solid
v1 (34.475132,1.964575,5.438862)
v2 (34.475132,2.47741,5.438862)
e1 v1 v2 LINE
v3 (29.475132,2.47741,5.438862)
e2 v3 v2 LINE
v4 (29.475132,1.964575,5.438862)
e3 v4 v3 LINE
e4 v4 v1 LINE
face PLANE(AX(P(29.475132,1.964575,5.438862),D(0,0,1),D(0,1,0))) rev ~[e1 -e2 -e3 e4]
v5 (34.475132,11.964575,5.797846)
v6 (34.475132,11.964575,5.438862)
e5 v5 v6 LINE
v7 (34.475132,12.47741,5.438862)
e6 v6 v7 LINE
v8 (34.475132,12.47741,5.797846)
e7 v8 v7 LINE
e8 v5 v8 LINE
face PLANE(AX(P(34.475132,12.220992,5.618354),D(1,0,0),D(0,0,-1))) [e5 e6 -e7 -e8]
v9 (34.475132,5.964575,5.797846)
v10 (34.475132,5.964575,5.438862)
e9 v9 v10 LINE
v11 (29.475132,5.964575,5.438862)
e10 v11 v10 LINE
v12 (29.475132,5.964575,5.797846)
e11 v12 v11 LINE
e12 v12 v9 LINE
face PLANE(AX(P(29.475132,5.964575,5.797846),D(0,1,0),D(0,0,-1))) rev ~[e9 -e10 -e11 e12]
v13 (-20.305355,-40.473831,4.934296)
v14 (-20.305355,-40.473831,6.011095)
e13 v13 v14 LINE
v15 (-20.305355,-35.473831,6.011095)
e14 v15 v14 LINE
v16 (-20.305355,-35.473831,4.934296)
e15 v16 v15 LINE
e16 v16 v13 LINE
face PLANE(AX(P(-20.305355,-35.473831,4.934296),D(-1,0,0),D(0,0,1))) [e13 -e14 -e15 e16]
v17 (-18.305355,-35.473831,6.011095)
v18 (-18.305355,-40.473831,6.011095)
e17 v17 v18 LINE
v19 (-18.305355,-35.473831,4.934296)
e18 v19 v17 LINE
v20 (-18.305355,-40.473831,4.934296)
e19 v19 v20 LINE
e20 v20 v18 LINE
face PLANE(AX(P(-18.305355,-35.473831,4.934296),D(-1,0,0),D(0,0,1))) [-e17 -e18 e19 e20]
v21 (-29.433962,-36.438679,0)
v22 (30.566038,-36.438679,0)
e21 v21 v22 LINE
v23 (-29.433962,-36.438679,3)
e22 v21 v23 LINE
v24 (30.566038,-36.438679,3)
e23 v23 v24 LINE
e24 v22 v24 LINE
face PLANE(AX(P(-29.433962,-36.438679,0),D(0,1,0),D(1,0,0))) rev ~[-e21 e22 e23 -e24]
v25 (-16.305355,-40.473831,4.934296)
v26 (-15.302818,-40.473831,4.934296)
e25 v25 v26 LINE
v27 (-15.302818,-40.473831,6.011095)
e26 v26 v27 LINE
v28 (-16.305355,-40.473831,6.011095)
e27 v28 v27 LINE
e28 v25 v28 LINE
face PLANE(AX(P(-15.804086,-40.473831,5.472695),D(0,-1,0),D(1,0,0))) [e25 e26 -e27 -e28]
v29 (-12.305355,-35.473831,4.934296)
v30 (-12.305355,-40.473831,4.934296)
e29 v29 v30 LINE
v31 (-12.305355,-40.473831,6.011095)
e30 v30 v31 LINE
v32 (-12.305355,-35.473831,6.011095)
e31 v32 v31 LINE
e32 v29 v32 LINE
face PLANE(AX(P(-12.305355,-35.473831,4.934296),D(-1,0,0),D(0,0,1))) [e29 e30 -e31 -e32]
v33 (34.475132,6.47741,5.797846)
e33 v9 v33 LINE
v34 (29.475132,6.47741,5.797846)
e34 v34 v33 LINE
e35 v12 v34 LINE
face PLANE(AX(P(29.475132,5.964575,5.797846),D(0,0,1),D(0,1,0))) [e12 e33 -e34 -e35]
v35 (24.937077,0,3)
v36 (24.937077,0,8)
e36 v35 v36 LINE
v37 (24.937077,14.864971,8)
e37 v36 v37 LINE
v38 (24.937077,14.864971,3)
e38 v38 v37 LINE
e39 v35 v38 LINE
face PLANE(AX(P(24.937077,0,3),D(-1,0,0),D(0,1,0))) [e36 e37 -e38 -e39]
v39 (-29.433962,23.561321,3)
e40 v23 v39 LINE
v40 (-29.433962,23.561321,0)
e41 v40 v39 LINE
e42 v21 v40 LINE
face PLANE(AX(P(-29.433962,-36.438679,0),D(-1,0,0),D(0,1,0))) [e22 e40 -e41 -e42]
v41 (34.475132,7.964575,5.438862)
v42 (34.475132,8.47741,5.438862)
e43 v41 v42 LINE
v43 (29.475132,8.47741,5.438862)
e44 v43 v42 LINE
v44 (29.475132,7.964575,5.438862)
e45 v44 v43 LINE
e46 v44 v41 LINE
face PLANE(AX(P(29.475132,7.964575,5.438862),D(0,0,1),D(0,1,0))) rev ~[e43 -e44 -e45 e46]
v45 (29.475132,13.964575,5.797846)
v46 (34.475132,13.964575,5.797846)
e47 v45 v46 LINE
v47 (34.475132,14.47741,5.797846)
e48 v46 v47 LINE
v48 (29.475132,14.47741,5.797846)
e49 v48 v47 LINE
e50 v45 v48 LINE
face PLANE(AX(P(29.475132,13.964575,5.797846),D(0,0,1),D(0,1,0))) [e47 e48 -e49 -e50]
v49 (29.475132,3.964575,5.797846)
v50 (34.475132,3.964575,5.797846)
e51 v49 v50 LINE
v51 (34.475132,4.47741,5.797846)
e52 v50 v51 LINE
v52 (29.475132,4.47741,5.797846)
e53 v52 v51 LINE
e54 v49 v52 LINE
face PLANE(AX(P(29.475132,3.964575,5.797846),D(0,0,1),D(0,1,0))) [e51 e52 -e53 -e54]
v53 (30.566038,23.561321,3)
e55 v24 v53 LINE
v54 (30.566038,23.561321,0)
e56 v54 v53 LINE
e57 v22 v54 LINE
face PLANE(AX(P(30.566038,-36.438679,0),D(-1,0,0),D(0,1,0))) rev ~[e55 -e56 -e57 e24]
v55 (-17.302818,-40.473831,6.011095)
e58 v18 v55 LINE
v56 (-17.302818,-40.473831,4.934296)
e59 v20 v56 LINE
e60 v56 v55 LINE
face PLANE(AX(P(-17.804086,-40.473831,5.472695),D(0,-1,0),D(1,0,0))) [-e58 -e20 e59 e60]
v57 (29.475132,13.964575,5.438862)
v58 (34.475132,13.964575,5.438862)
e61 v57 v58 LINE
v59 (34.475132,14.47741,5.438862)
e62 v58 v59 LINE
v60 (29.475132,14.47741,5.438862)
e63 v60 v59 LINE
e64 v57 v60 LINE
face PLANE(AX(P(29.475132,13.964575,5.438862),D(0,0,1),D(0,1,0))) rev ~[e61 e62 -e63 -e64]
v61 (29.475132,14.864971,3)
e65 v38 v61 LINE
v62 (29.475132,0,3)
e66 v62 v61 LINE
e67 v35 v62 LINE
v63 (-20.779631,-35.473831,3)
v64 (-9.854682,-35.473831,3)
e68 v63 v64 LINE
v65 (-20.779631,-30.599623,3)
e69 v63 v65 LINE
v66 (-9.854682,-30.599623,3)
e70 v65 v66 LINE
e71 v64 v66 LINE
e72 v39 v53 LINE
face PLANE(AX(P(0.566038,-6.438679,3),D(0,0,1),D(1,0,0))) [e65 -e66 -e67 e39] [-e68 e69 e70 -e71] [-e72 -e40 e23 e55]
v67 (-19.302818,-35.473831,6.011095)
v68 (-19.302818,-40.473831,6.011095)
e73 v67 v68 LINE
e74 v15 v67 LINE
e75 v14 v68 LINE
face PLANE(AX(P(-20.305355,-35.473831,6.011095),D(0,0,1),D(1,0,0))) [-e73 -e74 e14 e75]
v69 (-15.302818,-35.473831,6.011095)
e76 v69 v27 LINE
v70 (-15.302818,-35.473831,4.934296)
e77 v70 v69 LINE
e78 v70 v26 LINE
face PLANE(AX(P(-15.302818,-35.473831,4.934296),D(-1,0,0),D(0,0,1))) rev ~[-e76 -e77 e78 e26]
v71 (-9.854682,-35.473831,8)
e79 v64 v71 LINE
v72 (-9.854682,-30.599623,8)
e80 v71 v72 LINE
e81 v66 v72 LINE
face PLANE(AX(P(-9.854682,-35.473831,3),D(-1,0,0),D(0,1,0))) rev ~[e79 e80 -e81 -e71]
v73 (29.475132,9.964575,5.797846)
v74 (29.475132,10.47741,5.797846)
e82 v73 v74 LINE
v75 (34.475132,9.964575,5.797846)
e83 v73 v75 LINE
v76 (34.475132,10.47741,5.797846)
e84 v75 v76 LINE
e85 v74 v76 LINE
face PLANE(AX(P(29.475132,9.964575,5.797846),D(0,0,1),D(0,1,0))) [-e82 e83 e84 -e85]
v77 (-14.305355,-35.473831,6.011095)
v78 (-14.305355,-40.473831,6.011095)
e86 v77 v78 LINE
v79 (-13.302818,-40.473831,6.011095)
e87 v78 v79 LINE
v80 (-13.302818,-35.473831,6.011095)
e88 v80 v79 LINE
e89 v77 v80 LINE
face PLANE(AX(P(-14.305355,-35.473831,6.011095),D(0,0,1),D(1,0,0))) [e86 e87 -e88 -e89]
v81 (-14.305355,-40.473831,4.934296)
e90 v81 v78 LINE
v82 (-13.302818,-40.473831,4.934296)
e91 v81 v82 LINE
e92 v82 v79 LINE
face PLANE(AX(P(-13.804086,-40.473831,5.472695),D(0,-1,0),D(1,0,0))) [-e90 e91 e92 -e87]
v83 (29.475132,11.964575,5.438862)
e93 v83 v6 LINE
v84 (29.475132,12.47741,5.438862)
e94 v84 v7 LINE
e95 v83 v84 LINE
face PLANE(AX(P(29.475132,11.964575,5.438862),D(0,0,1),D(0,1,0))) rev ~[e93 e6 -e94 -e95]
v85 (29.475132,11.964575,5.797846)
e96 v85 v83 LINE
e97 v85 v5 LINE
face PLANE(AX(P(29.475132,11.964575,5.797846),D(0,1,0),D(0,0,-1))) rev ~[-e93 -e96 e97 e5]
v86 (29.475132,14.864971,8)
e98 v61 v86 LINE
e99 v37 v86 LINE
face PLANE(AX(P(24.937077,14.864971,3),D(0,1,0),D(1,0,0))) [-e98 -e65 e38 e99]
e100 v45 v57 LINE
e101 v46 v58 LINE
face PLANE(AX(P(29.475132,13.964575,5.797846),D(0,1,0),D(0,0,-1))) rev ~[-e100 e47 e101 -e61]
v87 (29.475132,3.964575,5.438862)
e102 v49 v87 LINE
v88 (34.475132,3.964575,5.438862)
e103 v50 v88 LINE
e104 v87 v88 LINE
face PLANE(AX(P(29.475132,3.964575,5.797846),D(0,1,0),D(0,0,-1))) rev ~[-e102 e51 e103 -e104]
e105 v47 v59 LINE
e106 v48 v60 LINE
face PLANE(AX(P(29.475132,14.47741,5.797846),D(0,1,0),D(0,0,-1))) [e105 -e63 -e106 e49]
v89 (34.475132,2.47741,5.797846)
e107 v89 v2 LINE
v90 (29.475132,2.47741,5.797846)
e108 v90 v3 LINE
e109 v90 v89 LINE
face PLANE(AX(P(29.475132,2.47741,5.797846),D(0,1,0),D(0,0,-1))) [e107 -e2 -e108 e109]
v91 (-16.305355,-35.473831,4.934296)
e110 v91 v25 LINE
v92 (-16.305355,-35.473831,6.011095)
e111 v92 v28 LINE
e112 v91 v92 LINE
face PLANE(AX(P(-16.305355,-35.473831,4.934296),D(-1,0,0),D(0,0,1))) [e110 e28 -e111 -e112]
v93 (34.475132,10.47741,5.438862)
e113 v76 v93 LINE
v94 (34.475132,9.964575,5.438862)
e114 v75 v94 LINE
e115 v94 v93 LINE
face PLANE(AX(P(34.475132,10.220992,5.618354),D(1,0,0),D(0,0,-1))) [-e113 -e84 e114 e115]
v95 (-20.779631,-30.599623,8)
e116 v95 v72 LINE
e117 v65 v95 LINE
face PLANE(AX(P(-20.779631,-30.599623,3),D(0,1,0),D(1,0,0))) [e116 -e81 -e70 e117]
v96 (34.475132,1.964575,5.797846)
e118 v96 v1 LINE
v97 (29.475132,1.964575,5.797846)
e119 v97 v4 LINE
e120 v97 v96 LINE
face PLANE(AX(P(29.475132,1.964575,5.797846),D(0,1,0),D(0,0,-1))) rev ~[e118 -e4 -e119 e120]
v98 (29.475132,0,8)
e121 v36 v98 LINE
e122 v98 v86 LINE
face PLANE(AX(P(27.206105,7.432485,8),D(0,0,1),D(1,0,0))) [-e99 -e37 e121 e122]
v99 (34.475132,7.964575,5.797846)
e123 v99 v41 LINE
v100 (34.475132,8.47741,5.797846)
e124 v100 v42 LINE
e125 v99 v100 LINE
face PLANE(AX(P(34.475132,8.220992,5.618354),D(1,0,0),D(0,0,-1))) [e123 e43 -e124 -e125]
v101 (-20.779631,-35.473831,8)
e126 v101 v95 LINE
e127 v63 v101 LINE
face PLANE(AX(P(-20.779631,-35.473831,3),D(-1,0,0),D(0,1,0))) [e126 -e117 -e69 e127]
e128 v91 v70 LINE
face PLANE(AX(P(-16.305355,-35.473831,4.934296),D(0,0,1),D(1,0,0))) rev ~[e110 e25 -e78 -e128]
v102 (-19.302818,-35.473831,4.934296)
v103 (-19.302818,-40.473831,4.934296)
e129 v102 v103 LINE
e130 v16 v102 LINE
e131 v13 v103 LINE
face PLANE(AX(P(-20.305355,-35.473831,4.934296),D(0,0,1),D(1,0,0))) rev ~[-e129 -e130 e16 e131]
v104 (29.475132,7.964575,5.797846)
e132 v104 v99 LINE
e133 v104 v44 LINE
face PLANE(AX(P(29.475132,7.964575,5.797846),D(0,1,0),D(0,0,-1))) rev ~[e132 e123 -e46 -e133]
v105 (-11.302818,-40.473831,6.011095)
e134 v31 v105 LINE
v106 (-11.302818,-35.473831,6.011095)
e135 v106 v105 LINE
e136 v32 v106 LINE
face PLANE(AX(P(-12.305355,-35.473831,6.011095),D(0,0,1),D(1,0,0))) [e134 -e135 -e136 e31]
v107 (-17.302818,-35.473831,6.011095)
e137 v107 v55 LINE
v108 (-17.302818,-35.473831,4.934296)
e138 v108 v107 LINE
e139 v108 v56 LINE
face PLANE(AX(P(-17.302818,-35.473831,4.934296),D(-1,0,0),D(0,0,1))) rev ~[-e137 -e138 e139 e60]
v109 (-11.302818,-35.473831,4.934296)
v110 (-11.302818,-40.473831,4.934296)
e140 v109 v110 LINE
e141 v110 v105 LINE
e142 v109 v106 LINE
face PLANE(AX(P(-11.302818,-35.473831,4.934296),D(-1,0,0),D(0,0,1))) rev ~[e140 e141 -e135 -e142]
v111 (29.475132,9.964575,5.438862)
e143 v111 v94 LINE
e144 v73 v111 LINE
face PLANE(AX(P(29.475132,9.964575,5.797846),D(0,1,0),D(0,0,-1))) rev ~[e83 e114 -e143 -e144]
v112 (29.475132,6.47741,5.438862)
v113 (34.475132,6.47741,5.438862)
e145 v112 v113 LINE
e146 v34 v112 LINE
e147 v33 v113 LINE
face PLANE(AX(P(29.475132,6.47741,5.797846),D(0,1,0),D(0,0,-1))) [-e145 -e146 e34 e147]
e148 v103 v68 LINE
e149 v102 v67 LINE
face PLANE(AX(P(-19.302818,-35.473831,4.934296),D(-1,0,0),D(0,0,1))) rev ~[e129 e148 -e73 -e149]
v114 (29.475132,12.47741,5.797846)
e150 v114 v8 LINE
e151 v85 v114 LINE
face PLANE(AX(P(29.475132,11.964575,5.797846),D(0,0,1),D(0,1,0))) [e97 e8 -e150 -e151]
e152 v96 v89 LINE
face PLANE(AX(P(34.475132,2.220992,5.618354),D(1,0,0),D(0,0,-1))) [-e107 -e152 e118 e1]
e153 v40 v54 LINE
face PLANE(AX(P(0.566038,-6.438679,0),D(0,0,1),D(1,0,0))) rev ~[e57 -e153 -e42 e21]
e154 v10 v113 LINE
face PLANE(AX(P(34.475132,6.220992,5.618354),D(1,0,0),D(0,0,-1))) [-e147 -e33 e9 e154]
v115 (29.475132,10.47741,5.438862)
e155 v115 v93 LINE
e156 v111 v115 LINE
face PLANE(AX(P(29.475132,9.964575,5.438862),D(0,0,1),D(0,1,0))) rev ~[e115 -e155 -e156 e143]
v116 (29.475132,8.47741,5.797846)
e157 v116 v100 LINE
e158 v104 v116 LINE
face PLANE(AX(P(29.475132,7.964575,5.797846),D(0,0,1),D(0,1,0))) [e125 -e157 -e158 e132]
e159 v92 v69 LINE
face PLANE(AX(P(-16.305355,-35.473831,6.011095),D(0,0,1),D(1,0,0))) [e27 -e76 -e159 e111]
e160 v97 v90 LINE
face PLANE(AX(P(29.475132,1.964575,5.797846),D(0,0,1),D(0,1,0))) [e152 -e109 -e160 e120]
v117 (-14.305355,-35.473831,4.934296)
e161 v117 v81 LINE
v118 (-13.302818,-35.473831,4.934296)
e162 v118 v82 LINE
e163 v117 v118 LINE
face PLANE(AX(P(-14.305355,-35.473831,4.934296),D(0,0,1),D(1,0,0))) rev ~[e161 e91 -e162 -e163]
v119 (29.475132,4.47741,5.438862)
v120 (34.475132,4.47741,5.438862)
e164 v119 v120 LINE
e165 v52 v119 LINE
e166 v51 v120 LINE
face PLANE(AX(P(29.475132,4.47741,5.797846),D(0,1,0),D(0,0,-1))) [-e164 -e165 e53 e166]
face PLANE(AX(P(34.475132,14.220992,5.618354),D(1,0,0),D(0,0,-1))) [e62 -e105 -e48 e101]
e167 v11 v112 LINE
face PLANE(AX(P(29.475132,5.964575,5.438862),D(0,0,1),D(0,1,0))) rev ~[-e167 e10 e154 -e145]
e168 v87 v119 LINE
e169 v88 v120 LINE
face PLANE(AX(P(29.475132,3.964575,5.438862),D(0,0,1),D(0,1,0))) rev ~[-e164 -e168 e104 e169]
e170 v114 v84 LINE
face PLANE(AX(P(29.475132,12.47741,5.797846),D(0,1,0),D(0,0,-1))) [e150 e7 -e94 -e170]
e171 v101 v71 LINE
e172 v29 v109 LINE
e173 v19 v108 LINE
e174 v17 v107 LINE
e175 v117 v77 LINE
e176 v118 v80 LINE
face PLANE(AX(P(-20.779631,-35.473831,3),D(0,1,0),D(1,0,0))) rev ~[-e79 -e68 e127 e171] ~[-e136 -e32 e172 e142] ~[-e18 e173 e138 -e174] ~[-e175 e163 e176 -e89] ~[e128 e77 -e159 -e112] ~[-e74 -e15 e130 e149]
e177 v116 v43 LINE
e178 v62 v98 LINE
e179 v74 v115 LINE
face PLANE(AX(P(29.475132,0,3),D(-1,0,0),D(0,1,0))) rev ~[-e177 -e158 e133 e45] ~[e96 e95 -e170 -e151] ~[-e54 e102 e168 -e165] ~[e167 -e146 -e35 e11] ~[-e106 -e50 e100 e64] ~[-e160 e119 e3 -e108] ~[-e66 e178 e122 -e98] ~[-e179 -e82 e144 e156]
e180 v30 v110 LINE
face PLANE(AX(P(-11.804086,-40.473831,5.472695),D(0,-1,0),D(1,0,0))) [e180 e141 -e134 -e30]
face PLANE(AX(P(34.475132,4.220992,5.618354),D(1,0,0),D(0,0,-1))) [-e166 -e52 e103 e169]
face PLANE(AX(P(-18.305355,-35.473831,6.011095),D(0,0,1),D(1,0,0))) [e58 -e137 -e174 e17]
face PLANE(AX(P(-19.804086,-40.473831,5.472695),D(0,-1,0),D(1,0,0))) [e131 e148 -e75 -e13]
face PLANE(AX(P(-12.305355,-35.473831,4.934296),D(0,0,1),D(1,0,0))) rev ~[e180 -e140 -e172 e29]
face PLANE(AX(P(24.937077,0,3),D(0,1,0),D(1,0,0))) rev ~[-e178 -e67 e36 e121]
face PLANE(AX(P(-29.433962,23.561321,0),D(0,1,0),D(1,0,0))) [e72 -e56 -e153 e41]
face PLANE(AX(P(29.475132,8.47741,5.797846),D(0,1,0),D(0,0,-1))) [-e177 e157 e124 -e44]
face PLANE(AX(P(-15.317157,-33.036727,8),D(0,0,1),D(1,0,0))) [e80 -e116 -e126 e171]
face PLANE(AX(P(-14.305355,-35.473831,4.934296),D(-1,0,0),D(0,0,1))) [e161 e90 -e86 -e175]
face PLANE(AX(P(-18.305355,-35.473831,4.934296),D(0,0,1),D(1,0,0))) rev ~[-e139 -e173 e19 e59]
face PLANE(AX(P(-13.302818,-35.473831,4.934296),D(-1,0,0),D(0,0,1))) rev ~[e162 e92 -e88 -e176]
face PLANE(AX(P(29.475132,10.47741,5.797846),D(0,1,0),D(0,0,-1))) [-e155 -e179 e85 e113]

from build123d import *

# Parameters (mm, degrees)
SKETCH2_W           = 60
SKETCH2_H           = 60
BOSS_EXTRUDE1_DEPTH = 3
SKETCH3_W           = 10.924948593
SKETCH3_H           = 4.874207834
SKETCH3_W_2         = 4.538055569
SKETCH3_H_2         = 14.86497051
BOSS_EXTRUDE2_DEPTH = 5
SKETCH4_W           = 1.00253682
SKETCH4_H           = 1.076798806
BOSS_EXTRUDE3_DEPTH = 5
LPATTERN1_COUNT     = 5
LPATTERN1_PITCH     = 2
SKETCH5_W           = 0.358984387
SKETCH5_H           = 0.512834838
BOSS_EXTRUDE4_DEPTH = 5
LPATTERN2_COUNT     = 7
LPATTERN2_PITCH     = 2


with BuildPart() as part:
    # Sketch2 → Boss-Extrude1 (new body)
    with BuildSketch(Plane.XY):
        with Locations((0.566037736, -6.438679245)):
            Rectangle(SKETCH2_W, SKETCH2_H)
    extrude(amount=BOSS_EXTRUDE1_DEPTH)

    # Sketch3 → Boss-Extrude2 (add)
    with BuildSketch(Plane.XY.offset(3)):
        with Locations((-15.317156757, -33.036727165)):
            Rectangle(SKETCH3_W, SKETCH3_H)
        with Locations((27.206104689, 7.432485255)):
            Rectangle(SKETCH3_W_2, SKETCH3_H_2)
    extrude(amount=BOSS_EXTRUDE2_DEPTH)

    # Sketch4 → Boss-Extrude3 (add)
    with BuildSketch(Plane.XZ.offset(35.473831082)):
        with Locations((-19.804086394, 5.472695433)):
            Rectangle(SKETCH4_W, SKETCH4_H)
    boss_extrude3 = extrude(amount=BOSS_EXTRUDE3_DEPTH)

    # LPattern1: Boss-Extrude3 ×5
    with Locations(*[(i * LPATTERN1_PITCH, 0, 0) for i in range(1, LPATTERN1_COUNT)]):
        add(boss_extrude3)

    # Sketch5 → Boss-Extrude4 (add)
    with BuildSketch(Plane(origin=(29.475132473, 0, 0), x_dir=(0, 0, -1), z_dir=(1, 0, 0))):
        with Locations((-5.618353943, 14.22099245)):
            Rectangle(SKETCH5_W, SKETCH5_H)
    boss_extrude4 = extrude(amount=BOSS_EXTRUDE4_DEPTH)

    # LPattern2: Boss-Extrude4 ×7
    with Locations(*[(0, -i * LPATTERN2_PITCH, 0) for i in range(1, LPATTERN2_COUNT)]):
        add(boss_extrude4)


solid = part.part
